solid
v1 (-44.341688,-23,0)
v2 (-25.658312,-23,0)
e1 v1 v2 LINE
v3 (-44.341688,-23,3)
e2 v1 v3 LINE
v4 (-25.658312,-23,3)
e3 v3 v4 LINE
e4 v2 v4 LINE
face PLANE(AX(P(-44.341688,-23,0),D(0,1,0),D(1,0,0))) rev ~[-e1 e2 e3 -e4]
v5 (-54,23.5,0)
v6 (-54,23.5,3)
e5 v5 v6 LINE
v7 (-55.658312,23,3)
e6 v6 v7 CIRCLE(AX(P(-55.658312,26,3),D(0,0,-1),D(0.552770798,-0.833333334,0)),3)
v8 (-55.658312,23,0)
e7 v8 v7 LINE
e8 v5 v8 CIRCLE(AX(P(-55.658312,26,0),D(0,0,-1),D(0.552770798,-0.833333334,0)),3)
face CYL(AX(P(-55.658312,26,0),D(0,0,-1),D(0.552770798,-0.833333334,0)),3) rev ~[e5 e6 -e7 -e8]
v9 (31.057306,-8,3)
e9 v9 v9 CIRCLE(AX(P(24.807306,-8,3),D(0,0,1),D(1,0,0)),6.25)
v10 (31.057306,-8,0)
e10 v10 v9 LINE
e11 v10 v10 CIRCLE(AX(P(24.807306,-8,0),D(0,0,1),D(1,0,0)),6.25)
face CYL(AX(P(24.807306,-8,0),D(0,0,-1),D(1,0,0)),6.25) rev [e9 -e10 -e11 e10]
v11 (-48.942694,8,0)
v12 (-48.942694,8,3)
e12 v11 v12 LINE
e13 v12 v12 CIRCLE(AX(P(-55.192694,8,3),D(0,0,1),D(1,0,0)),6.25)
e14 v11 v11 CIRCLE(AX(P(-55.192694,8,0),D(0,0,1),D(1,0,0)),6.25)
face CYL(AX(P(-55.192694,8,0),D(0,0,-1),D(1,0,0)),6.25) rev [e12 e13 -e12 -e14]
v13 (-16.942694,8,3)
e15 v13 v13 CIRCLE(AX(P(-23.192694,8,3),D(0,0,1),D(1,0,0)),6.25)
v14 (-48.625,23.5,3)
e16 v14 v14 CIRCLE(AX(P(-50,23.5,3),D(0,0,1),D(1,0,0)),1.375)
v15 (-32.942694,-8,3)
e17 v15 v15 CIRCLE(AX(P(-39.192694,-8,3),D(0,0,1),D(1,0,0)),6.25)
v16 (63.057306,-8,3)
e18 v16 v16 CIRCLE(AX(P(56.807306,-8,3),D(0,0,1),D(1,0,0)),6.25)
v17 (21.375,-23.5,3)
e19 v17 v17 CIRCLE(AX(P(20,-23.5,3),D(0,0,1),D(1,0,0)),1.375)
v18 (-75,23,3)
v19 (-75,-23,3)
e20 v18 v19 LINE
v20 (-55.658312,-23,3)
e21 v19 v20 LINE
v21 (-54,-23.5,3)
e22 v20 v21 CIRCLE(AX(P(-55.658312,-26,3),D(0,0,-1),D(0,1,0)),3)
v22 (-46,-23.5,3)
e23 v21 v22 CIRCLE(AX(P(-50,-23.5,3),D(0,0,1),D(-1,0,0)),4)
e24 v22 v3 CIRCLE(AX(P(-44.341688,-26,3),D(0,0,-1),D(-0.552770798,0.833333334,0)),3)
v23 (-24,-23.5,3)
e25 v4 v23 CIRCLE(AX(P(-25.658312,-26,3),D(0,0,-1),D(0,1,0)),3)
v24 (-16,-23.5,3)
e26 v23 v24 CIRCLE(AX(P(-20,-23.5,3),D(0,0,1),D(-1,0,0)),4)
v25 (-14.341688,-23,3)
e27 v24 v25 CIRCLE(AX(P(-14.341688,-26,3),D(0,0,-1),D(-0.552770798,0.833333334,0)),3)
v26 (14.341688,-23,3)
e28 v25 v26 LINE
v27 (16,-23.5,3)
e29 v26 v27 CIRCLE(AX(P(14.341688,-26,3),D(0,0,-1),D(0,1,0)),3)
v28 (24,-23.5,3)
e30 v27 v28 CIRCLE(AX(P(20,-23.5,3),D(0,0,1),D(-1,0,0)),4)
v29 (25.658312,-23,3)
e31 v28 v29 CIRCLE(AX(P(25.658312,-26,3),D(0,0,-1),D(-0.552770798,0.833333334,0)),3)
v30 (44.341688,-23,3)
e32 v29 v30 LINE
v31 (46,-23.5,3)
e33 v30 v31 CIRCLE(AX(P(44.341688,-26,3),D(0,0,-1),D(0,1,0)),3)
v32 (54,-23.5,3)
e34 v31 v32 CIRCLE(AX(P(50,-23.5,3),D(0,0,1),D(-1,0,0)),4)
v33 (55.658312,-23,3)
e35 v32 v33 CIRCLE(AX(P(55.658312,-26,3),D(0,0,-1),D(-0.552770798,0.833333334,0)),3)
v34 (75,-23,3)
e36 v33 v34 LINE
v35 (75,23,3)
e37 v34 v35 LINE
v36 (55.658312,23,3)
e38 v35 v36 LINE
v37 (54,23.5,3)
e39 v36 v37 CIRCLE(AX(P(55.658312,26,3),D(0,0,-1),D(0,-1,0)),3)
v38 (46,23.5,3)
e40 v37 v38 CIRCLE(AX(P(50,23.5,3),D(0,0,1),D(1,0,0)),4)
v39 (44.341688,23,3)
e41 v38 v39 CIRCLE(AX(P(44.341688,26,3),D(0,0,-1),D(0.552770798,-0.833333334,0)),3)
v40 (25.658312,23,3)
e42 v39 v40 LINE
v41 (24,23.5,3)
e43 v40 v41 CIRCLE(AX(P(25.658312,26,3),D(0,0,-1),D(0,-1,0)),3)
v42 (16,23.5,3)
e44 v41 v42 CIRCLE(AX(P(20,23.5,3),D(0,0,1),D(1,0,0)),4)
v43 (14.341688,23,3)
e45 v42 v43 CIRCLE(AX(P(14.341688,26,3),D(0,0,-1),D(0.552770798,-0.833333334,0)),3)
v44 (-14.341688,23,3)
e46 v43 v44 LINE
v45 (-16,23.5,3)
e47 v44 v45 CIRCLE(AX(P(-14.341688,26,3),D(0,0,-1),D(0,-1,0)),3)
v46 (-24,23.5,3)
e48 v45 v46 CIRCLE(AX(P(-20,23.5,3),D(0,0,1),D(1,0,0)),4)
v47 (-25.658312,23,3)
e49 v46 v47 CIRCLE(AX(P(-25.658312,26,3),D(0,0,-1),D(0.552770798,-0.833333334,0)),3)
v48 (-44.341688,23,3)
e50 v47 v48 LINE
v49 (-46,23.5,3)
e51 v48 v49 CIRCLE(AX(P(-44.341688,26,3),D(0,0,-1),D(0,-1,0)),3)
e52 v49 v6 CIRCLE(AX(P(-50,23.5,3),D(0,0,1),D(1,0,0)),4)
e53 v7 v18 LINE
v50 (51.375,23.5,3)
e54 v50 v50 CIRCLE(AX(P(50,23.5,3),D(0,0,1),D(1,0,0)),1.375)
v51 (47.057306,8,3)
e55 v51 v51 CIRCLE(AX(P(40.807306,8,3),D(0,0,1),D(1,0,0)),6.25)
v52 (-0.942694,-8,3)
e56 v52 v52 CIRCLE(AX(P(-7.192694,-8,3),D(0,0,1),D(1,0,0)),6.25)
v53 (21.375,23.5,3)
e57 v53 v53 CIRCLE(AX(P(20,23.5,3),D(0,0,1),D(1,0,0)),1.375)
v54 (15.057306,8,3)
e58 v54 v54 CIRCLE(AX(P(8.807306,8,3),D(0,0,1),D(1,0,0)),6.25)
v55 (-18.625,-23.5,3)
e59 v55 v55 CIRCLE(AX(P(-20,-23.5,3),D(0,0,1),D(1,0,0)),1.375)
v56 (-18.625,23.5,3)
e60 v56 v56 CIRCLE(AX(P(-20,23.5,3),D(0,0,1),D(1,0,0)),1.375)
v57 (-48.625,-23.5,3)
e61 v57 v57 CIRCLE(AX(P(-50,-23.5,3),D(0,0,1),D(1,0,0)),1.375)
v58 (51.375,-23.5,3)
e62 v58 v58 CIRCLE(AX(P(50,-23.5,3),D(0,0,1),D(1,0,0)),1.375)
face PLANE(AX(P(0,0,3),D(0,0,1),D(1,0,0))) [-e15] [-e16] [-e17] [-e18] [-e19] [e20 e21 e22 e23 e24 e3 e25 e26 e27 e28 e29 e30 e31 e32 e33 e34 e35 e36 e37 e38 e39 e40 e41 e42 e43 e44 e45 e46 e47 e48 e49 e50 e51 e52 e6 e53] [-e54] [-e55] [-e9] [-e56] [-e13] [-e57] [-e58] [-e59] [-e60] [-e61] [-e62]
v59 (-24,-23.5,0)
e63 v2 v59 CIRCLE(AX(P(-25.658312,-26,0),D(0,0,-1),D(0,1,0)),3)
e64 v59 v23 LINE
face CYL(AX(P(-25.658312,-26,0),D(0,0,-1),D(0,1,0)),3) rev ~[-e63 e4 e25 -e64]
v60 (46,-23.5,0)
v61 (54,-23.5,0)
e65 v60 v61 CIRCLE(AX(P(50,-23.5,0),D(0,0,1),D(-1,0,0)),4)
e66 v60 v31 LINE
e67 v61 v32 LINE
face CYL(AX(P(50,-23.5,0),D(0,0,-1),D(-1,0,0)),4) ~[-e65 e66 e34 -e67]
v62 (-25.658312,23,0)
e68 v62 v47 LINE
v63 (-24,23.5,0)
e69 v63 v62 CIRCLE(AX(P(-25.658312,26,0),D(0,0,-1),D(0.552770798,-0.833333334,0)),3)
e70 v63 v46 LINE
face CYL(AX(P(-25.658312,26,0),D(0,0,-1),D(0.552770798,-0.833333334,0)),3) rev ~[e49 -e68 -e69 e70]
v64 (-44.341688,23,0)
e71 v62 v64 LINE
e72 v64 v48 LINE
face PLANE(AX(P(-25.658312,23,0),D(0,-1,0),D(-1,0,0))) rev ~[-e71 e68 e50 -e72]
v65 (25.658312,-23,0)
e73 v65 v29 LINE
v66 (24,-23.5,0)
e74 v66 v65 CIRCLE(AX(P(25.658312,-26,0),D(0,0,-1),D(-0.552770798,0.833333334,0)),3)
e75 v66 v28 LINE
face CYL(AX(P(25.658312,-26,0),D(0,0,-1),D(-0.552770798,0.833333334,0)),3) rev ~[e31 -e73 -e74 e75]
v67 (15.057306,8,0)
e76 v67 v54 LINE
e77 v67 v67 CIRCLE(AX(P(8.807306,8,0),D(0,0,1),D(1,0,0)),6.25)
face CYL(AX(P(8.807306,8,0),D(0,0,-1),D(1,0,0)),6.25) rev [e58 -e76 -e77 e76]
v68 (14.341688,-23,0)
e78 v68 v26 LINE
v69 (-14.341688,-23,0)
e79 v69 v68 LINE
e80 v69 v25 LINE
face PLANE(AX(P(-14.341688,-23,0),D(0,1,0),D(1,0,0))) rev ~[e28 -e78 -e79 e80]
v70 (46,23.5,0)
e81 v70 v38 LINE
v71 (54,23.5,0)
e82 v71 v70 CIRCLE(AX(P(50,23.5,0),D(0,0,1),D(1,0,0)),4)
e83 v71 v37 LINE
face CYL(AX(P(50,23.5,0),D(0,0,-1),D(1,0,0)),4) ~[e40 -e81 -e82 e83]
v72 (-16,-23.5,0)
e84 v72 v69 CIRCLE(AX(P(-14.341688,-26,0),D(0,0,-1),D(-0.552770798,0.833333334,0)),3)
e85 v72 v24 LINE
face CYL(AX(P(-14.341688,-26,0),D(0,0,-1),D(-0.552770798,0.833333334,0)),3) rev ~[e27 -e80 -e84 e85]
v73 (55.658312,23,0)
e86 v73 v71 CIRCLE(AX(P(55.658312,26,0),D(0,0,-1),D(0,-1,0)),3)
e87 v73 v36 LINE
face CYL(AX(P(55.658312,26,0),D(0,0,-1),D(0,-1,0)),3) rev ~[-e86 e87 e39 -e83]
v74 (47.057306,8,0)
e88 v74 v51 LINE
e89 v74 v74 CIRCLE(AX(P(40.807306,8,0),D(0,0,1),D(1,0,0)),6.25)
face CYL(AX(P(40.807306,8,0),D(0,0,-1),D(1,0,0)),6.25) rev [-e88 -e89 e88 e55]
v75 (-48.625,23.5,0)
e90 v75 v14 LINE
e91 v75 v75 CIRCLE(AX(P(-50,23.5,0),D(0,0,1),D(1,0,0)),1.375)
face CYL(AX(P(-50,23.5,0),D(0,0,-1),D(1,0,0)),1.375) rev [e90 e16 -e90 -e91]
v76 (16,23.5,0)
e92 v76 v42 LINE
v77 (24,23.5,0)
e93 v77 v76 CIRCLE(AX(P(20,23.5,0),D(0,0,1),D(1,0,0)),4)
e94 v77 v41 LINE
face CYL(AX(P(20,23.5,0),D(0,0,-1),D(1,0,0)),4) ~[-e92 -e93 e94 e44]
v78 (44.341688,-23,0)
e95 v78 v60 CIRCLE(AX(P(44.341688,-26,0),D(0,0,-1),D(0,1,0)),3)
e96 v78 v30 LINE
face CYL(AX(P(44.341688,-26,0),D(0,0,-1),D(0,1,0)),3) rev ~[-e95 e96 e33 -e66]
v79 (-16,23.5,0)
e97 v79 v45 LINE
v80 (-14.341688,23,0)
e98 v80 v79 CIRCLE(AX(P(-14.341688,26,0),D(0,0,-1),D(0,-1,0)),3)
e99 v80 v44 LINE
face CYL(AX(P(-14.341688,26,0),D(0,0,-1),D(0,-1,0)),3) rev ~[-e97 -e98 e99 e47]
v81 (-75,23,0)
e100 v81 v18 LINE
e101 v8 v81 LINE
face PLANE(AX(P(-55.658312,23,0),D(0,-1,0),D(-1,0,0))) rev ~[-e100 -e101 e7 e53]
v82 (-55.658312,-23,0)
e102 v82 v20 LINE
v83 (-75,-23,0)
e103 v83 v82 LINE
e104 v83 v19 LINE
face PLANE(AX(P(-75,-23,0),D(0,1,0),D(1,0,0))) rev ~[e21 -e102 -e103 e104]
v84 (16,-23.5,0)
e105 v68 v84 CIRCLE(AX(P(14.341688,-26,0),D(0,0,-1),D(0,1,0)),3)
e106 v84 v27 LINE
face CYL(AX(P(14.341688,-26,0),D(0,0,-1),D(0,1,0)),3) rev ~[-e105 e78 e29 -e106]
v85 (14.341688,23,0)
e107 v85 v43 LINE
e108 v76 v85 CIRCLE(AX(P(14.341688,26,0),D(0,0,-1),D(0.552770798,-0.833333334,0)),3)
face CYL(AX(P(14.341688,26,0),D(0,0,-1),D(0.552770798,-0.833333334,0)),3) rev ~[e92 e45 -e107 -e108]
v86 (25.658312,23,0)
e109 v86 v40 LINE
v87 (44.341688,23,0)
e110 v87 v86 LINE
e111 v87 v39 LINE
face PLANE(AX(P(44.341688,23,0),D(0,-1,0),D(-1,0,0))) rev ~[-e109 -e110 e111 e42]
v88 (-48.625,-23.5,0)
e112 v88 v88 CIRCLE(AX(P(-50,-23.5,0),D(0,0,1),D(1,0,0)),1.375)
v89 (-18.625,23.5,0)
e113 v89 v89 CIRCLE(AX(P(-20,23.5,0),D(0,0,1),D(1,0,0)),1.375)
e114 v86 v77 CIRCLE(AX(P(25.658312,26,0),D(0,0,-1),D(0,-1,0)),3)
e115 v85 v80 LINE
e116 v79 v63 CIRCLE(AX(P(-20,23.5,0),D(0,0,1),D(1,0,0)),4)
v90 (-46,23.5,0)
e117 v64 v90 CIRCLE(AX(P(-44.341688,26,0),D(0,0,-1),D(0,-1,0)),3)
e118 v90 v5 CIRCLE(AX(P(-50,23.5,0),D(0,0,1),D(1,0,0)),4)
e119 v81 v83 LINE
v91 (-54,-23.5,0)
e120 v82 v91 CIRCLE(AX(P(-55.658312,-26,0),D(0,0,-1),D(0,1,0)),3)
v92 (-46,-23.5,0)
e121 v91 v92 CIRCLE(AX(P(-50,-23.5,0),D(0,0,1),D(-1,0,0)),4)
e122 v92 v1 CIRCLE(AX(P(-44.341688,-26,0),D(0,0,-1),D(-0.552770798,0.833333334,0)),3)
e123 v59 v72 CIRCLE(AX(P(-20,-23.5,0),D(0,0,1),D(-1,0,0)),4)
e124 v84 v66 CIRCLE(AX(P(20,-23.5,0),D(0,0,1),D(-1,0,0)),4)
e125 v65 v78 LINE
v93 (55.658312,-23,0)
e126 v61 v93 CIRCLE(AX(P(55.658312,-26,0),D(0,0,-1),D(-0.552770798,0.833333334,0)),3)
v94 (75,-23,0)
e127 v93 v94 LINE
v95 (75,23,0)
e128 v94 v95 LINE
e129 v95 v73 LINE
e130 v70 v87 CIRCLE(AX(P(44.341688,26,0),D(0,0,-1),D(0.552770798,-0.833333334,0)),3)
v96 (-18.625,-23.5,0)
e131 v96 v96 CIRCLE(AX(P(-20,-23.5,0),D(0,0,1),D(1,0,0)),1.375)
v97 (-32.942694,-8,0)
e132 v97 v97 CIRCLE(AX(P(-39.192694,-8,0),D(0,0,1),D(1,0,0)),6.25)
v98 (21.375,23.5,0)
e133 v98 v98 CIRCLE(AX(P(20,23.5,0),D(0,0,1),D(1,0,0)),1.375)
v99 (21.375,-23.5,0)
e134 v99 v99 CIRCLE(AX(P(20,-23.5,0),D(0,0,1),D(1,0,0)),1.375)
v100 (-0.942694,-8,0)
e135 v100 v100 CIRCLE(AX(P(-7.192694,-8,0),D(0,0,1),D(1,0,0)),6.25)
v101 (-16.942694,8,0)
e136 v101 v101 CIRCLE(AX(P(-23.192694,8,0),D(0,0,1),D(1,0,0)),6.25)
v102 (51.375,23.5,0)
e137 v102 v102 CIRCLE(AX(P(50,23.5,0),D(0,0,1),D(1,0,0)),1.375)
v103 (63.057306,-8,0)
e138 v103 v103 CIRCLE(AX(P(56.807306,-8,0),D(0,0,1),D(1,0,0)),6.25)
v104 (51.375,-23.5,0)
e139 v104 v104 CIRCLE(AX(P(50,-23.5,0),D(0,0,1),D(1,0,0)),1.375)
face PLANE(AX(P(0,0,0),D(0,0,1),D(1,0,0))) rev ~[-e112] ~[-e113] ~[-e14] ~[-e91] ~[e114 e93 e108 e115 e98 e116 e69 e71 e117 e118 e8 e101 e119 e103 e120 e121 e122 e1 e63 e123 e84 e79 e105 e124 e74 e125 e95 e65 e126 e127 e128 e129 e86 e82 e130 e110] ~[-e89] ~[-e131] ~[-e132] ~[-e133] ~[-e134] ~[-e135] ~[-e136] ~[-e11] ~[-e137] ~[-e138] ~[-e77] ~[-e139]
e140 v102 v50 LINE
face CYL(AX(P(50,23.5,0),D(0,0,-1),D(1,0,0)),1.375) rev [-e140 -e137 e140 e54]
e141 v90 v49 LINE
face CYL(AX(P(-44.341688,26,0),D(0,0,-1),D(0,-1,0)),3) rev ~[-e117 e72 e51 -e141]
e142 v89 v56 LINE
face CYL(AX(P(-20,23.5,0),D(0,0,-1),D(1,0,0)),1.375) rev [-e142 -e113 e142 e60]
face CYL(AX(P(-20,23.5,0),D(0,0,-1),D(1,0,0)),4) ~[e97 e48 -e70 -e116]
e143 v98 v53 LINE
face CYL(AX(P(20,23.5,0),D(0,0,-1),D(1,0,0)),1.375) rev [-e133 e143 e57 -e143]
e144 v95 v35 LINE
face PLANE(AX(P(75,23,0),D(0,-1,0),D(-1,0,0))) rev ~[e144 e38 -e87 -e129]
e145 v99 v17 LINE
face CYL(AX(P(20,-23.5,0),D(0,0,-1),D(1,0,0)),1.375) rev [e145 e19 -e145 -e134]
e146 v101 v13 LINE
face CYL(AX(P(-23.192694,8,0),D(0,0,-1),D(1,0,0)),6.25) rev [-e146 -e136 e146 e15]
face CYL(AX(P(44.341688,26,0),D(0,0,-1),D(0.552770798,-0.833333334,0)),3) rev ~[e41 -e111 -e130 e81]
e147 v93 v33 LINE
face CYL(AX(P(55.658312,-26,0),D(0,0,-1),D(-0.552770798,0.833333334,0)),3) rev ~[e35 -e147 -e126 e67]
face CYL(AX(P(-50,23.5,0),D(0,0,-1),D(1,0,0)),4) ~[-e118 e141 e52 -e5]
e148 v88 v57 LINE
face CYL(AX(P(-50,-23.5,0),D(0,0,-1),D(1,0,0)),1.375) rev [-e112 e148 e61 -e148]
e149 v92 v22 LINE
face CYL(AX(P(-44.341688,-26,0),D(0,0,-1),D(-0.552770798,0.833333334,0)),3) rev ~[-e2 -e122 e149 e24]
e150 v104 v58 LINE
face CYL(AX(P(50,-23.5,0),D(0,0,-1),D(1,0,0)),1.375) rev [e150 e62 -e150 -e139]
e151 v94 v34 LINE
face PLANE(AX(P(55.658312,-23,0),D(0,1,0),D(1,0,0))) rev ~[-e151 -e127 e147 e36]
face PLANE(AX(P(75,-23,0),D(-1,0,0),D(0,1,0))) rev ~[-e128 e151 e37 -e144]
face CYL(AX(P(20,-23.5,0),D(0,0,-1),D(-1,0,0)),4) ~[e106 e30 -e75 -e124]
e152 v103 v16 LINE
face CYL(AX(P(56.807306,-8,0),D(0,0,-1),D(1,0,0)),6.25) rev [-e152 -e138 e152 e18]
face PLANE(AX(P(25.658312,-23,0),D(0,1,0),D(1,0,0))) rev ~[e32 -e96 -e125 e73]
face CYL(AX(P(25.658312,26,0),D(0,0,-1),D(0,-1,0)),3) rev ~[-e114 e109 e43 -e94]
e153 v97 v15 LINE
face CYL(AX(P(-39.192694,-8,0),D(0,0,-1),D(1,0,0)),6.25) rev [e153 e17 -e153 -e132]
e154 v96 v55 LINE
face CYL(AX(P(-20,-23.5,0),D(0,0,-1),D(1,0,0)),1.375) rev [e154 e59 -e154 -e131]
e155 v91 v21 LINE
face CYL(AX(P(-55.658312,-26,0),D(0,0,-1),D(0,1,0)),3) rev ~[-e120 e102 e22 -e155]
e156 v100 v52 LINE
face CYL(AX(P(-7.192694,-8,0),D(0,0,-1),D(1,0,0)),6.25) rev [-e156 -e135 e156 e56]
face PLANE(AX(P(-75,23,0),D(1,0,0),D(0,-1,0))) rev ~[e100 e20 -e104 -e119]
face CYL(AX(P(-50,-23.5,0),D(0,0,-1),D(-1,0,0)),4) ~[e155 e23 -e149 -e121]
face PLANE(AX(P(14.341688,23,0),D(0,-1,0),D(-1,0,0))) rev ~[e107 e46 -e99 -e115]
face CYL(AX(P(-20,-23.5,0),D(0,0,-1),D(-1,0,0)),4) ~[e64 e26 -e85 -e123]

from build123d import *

# Parameters (mm, degrees)
SKETCH1_R           = 1.375
SKETCH1_R_2         = 6.25
BOSS_EXTRUDE1_DEPTH = 3


with BuildPart() as part:
    # Sketch1 → Boss-Extrude1 (new body)
    with BuildSketch(Plane.XY):
        with BuildLine():
            Line((-75, 23), (-75, -23))
            Line((-75, -23), (-55.658312395, -23))
            ThreePointArc((-55.658312395, -23), (-54.792286991, -23.127718677), (-54, -23.5))
            ThreePointArc((-54, -23.5), (-50, -27.5), (-46, -23.5))
            ThreePointArc((-46, -23.5), (-45.207713009, -23.127718677), (-44.341687605, -23))
            Line((-44.341687605, -23), (-25.658312395, -23))
            ThreePointArc((-25.658312395, -23), (-24.792286991, -23.127718677), (-24, -23.5))
            ThreePointArc((-24, -23.5), (-20, -27.5), (-16, -23.5))
            ThreePointArc((-16, -23.5), (-15.207713009, -23.127718677), (-14.341687605, -23))
            Line((-14.341687605, -23), (14.341687605, -23))
            ThreePointArc((14.341687605, -23), (15.207713009, -23.127718677), (16, -23.5))
            ThreePointArc((16, -23.5), (20, -27.5), (24, -23.5))
            ThreePointArc((24, -23.5), (24.792286991, -23.127718677), (25.658312395, -23))
            Line((25.658312395, -23), (44.341687605, -23))
            ThreePointArc((44.341687605, -23), (45.207713009, -23.127718677), (46, -23.5))
            ThreePointArc((46, -23.5), (50, -27.5), (54, -23.5))
            ThreePointArc((54, -23.5), (54.792286991, -23.127718677), (55.658312395, -23))
            Line((55.658312395, -23), (75, -23))
            Line((75, -23), (75, 23))
            Line((75, 23), (55.658312395, 23))
            ThreePointArc((55.658312395, 23), (54.792286991, 23.127718677), (54, 23.5))
            ThreePointArc((54, 23.5), (50, 27.5), (46, 23.5))
            ThreePointArc((46, 23.5), (45.207713009, 23.127718677), (44.341687605, 23))
            Line((44.341687605, 23), (25.658312395, 23))
            ThreePointArc((25.658312395, 23), (24.792286991, 23.127718677), (24, 23.5))
            ThreePointArc((24, 23.5), (20, 27.5), (16, 23.5))
            ThreePointArc((16, 23.5), (15.207713009, 23.127718677), (14.341687605, 23))
            Line((14.341687605, 23), (-14.341687605, 23))
            ThreePointArc((-14.341687605, 23), (-15.207713009, 23.127718677), (-16, 23.5))
            ThreePointArc((-16, 23.5), (-20, 27.5), (-24, 23.5))
            ThreePointArc((-24, 23.5), (-24.792286991, 23.127718677), (-25.658312395, 23))
            Line((-25.658312395, 23), (-44.341687605, 23))
            ThreePointArc((-44.341687605, 23), (-45.207713009, 23.127718677), (-46, 23.5))
            ThreePointArc((-46, 23.5), (-50, 27.5), (-54, 23.5))
            ThreePointArc((-54, 23.5), (-54.792286991, 23.127718677), (-55.658312395, 23))
            Line((-55.658312395, 23), (-75, 23))
        make_face()
        with Locations((-50, -23.5)):
            Circle(SKETCH1_R, mode=Mode.SUBTRACT)
        with Locations((-20, -23.5)):
            Circle(SKETCH1_R, mode=Mode.SUBTRACT)
        with Locations((20, -23.5)):
            Circle(SKETCH1_R, mode=Mode.SUBTRACT)
        with Locations((50, -23.5)):
            Circle(SKETCH1_R, mode=Mode.SUBTRACT)
        with Locations((50, 23.5)):
            Circle(SKETCH1_R, mode=Mode.SUBTRACT)
        with Locations((20, 23.5)):
            Circle(SKETCH1_R, mode=Mode.SUBTRACT)
        with Locations((-20, 23.5)):
            Circle(SKETCH1_R, mode=Mode.SUBTRACT)
        with Locations((-50, 23.5)):
            Circle(SKETCH1_R, mode=Mode.SUBTRACT)
        with Locations((-55.192693601, 8)):
            Circle(SKETCH1_R_2, mode=Mode.SUBTRACT)
        with Locations((-23.192693601, 8)):
            Circle(SKETCH1_R_2, mode=Mode.SUBTRACT)
        with Locations((8.807306399, 8)):
            Circle(SKETCH1_R_2, mode=Mode.SUBTRACT)
        with Locations((40.807306399, 8)):
            Circle(SKETCH1_R_2, mode=Mode.SUBTRACT)
        with Locations((-39.192693601, -8)):
            Circle(SKETCH1_R_2, mode=Mode.SUBTRACT)
        with Locations((-7.192693601, -8)):
            Circle(SKETCH1_R_2, mode=Mode.SUBTRACT)
        with Locations((24.807306399, -8)):
            Circle(SKETCH1_R_2, mode=Mode.SUBTRACT)
        with Locations((56.807306399, -8)):
            Circle(SKETCH1_R_2, mode=Mode.SUBTRACT)
    extrude(amount=BOSS_EXTRUDE1_DEPTH)


solid = part.part
